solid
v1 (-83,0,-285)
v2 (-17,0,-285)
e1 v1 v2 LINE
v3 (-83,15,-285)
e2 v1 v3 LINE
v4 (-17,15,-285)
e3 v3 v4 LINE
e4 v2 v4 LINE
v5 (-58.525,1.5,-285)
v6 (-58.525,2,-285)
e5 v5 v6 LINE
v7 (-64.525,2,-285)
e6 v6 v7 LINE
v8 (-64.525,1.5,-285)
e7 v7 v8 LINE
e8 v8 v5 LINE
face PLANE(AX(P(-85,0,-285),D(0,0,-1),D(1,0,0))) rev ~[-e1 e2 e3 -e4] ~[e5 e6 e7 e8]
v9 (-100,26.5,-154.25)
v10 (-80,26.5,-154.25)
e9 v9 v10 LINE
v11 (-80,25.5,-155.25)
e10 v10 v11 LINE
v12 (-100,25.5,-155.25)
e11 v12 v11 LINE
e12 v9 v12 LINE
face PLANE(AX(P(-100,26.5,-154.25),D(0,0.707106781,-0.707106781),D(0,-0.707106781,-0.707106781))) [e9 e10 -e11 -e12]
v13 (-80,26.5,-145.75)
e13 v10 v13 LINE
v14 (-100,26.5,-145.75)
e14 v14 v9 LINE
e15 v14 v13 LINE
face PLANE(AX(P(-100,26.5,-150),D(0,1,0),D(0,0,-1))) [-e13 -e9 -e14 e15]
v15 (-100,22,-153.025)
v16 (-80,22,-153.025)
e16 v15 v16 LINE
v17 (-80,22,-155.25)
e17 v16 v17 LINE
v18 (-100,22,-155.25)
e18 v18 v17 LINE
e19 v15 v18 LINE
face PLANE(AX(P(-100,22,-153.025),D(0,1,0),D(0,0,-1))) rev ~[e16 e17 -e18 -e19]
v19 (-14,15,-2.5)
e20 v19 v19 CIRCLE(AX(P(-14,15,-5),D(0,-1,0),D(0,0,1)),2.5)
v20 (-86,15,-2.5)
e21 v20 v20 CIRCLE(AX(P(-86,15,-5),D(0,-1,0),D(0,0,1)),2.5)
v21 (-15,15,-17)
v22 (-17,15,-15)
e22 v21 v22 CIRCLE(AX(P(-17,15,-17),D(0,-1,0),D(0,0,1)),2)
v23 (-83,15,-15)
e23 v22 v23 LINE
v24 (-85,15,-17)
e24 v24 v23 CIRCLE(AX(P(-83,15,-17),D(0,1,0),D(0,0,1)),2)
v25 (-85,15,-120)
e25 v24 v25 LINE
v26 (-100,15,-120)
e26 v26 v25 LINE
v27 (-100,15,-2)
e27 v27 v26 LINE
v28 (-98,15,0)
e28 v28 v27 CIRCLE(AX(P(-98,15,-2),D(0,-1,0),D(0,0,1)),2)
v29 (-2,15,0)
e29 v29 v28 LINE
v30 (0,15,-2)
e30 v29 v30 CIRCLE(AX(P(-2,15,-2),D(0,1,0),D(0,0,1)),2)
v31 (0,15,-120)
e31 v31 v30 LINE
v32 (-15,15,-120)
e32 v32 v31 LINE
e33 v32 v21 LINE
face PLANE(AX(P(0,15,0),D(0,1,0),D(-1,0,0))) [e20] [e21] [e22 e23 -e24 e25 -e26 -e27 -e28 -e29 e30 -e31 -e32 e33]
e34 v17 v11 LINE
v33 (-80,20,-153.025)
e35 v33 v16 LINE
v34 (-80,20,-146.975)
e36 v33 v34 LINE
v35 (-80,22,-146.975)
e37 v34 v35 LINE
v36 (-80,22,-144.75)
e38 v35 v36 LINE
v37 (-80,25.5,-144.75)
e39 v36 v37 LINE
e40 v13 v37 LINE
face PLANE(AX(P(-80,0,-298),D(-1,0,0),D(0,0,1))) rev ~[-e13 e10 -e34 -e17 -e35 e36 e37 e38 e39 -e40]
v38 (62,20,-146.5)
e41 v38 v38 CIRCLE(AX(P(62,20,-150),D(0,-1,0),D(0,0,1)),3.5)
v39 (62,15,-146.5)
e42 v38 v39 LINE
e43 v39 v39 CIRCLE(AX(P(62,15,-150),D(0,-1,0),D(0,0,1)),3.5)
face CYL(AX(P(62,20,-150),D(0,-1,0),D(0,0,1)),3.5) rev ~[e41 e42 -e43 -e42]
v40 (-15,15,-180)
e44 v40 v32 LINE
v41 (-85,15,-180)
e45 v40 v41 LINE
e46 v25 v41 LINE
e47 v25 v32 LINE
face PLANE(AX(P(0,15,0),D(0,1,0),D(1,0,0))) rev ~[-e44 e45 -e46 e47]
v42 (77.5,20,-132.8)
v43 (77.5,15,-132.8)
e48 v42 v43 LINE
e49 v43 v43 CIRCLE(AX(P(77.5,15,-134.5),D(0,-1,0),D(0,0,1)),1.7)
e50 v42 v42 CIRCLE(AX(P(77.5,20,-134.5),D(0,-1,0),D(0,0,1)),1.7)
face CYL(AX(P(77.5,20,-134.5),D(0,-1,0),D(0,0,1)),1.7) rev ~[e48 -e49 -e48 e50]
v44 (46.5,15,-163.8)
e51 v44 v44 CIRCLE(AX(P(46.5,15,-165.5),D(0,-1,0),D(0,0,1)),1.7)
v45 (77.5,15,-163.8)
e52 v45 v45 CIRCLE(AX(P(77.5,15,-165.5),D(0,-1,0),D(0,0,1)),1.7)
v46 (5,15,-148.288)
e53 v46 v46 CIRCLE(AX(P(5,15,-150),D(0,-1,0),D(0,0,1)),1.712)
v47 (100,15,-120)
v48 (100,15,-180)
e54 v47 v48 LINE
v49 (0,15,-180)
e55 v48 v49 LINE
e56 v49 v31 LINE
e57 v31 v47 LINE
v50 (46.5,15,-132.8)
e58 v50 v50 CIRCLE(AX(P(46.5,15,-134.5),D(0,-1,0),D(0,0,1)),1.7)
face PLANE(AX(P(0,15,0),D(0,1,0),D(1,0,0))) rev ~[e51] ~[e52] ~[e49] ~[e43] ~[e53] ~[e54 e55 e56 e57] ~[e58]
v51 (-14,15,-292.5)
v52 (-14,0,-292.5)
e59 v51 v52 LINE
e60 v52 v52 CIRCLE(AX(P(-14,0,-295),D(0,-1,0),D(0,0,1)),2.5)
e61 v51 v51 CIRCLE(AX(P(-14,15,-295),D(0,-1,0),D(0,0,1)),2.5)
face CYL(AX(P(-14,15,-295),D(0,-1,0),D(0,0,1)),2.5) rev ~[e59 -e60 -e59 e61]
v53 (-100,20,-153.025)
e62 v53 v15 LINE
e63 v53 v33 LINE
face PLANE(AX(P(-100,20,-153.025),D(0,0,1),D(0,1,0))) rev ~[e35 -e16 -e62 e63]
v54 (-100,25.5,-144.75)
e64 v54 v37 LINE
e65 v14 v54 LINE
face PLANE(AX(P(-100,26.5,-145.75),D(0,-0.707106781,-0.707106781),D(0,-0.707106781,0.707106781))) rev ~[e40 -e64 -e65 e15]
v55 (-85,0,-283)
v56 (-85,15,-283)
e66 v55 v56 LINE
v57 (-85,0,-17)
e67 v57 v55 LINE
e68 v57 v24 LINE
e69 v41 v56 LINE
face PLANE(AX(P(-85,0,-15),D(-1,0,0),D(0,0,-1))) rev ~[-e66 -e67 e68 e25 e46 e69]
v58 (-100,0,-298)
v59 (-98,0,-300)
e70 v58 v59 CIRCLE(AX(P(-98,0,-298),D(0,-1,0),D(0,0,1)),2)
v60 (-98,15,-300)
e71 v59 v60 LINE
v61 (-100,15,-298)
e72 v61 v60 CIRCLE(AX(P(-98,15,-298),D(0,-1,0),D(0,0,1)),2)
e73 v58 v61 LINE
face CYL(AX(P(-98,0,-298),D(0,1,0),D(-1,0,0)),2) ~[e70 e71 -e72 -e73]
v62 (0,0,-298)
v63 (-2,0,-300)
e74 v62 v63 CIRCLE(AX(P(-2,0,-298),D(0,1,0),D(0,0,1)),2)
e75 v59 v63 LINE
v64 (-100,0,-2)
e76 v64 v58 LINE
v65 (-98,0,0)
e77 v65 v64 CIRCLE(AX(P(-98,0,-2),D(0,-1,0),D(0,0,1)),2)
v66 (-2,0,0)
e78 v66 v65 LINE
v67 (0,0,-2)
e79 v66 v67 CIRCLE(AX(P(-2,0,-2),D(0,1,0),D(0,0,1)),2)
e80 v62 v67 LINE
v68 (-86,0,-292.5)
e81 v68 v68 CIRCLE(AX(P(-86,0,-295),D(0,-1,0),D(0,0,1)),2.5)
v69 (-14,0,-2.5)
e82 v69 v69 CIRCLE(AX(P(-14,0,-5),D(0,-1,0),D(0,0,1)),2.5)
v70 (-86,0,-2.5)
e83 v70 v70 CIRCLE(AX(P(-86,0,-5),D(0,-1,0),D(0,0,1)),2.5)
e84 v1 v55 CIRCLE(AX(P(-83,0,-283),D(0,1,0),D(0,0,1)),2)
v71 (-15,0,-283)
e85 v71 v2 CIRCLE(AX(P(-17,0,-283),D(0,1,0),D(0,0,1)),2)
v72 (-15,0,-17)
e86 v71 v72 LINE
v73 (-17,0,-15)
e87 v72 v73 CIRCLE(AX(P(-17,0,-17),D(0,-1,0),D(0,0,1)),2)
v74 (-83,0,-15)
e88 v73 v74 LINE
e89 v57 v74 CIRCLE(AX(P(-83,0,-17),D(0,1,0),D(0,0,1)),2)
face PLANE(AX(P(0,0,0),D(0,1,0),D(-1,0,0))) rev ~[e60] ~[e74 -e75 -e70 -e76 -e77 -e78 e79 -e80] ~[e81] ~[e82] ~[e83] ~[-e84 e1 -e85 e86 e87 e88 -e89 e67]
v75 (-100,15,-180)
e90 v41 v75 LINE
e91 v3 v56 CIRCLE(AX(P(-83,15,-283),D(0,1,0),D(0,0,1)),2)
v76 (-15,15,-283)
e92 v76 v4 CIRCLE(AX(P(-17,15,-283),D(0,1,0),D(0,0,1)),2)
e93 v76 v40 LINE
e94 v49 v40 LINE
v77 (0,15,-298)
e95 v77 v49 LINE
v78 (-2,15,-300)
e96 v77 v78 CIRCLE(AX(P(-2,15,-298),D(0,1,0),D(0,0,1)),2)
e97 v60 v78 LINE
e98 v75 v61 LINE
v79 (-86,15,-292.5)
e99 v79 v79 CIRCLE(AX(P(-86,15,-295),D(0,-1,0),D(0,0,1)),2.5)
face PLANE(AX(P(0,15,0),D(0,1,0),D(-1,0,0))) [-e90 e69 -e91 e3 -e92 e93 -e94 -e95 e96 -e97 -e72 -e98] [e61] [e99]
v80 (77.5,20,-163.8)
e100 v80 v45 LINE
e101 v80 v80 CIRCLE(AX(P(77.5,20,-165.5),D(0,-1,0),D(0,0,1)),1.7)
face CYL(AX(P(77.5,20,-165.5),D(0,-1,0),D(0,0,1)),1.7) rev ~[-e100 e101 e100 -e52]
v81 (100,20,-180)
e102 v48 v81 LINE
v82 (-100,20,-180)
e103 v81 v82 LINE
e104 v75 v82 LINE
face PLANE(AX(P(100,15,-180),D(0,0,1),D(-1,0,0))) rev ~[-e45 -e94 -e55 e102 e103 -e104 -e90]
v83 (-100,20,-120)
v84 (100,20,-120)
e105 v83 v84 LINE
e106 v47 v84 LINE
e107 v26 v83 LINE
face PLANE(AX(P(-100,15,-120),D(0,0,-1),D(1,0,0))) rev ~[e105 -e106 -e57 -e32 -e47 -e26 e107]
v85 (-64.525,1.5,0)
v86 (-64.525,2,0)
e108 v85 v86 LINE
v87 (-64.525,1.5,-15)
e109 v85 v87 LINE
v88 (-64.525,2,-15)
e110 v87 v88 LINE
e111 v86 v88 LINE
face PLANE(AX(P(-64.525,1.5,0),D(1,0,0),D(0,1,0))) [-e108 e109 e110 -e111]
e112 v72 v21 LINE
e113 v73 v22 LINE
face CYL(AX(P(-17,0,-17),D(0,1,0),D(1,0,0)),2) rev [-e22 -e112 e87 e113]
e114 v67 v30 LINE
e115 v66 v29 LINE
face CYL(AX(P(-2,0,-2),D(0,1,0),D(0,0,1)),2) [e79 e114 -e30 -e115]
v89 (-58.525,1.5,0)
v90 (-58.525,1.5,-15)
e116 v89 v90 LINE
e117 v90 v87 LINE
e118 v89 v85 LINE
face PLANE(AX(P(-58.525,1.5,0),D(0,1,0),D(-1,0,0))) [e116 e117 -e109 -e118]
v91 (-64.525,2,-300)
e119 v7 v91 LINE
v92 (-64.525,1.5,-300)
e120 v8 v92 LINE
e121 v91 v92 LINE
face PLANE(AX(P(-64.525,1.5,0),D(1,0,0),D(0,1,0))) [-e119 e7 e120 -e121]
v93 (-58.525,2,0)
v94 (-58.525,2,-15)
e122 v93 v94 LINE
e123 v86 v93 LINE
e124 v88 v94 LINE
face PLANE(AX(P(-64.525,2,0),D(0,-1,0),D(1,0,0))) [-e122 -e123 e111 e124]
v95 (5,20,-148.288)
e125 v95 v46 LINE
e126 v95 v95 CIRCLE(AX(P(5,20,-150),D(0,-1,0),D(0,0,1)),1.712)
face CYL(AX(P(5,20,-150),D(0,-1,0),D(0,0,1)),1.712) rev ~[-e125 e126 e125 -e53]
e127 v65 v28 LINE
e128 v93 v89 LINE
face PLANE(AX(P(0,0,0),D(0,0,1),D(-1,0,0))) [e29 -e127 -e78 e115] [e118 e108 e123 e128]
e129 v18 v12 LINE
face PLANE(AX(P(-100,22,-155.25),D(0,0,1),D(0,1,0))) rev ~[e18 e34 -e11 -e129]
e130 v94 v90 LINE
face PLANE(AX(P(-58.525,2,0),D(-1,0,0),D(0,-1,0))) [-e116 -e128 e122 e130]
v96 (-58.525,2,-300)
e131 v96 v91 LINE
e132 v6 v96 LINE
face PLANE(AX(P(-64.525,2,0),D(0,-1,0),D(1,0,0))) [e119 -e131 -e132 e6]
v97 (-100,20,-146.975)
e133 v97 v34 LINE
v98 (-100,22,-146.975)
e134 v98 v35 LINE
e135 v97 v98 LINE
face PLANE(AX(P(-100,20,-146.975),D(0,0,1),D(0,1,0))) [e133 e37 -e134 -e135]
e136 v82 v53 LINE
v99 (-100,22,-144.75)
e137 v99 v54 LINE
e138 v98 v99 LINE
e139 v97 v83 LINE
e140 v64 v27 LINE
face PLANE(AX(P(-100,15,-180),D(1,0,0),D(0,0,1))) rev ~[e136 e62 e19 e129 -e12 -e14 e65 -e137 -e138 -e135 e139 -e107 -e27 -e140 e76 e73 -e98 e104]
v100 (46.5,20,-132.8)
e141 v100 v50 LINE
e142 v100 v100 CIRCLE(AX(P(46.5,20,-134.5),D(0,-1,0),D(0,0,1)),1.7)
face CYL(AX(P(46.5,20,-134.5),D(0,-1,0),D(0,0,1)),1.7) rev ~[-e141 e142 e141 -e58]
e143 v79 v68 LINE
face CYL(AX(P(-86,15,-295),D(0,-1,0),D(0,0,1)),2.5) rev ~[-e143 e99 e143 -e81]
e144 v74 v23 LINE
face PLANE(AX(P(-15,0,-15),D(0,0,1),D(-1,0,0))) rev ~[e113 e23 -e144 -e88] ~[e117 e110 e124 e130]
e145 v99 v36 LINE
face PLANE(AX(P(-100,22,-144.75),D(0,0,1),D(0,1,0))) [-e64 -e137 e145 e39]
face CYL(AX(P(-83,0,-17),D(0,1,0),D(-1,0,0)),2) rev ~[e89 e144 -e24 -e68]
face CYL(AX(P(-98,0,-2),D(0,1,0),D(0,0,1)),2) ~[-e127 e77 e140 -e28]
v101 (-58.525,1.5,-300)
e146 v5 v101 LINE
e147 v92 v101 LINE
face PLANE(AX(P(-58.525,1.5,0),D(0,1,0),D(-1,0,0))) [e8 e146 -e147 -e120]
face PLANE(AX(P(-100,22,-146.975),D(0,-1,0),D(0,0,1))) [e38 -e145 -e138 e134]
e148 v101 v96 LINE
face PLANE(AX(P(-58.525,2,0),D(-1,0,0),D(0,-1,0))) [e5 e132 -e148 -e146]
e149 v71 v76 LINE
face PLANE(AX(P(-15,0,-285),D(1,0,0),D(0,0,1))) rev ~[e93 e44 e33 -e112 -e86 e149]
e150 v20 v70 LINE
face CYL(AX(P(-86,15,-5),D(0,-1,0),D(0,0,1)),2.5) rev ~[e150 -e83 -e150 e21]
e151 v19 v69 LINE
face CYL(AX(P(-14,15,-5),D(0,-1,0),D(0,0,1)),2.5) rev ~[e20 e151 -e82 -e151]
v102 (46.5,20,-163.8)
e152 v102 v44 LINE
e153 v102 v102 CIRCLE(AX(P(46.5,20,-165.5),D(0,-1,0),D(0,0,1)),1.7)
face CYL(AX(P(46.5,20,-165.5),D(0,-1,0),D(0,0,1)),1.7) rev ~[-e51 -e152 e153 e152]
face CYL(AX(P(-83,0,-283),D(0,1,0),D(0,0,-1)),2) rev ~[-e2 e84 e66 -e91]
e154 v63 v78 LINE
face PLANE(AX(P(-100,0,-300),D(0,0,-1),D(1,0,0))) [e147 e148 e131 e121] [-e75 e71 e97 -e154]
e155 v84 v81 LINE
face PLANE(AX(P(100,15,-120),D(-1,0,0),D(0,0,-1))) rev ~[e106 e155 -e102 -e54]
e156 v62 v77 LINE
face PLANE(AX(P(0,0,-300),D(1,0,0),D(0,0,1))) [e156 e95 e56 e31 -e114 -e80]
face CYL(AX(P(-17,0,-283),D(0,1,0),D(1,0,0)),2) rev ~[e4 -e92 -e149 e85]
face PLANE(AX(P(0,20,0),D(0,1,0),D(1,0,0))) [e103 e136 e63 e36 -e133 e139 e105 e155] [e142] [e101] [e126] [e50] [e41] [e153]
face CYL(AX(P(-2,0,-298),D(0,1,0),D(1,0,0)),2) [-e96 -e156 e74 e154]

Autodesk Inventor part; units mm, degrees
ref_plane "YZ Plane" through (0, 0, 0) normal (1, 0, 0) x (0, 1, 0)
ref_plane "XZ Plane" through (0, 0, 0) normal (0, 1, 0) x (-1, 0, 0)
ref_plane "XY Plane" through (0, 0, 0) normal (0, 0, 1) x (1, 0, 0)
sketch "Szkic1" plane through (0, 0, 0) normal (0, 1, 0) x (-1, 0, 0)
  line L0 (0, 0) -> (100, 0)
  line L1 (100, 0) -> (100, -300)
  line L2 (100, -300) -> (0, -300)
  line L3 (0, -300) -> (0, 0)
  dimension "d0" = 300
  dimension "d1" = 100
sketch "Szkic2" plane through (0, 0, 0) normal (0, 1, 0) x (-1, 0, 0)
  line L0 (15, -15) -> (85, -15)
  line L1 (85, -15) -> (85, -285)
  line L2 (85, -285) -> (15, -285)
  line L3 (15, -285) -> (15, -15)
  point P0 (0, 0)
  dimension "d2" = 70
  dimension "d3" = 270
  dimension "d4" = 15
  dimension "d5" = 15
extrude "Wyciągnięcie proste1" add sketch "Szkic1" along normal blind 15
extrude "Wyciągnięcie proste2" cut sketch "Szkic2" along normal blind 15
fillet "Zaokrąglenie1" radius 2 8 edges at (-85, 7.5, -285) (-15, 7.5, -285) (-15, 7.5, -15) (-85, 7.5, -15) (-100, 7.5, 0) (-100, 7.5, -300) (0, 7.5, -300) (0, 7.5, 0)
sketch "Szkic3" plane through (0, 15, 0) normal (0, 1, 0) x (1, 0, 0)
  line L0 (0, 2) -> (0, 298) projected
  line L1 (-2, 300) -> (-98, 300) projected
  line L2 (-98, 0) -> (-2, 0) projected
  line L3 (-100, 298) -> (-100, 2) projected
  line L4 (-85, 17) -> (-85, 283) projected
  point P0 (0, 0)
  point P1 (-14, 295)
  point P2 (-14, 5)
  point P3 (-86, 295)
  point P4 (-86, 5)
  point P5 (-30, 100)
  point P6 (-100, 30)
  dimension "d12" = 5
  dimension "d13" = 5
  dimension "d14" = 5
  dimension "d18" = 5
  dimension "d32" = 14
  dimension "d33" = 14
  dimension "d34" = 14
  dimension "d35" = 14
hole "Otwór1" at (-14, 15, -295) at (-14, 15, -5) at (-86, 15, -295) at (-86, 15, -5) direction (0, -1, 0) diameter 5 depth 15
sketch "Szkic4" plane through (0, 15, 0) normal (0, 1, 0) x (1, 0, 0)
  line L0 (-100, 298) -> (-100, 2) projected
  line L1 (-100, 120) -> (100, 120)
  line L2 (100, 120) -> (100, 180)
  line L3 (100, 180) -> (-100, 180)
  line L4 (-100, 180) -> (-100, 120)
  line L5 (-98, 0) -> (-2, 0) projected
  point P0 (0, 0)
  point P1 (-100, 180)
  point P2 (-100, 30)
  dimension "d26" = 60
  dimension "d29" = 120
  dimension "d30" = 200
extrude "Wyciągnięcie proste3" add sketch "Szkic4" along normal blind 5
sketch "Szkic5" plane through (-100, 0, -298) normal (-1, 0, 0) x (0, 0, 1)
  line L0 (148, 20) -> (144.975, 20)
  line L1 (118, 20) -> (178, 20) projected
  line L2 (144.975, 20) -> (144.975, 22)
  line L3 (144.975, 22) -> (142.75, 22)
  line L4 (142.75, 22) -> (142.75, 25.5)
  line L5 (148, 26.5) -> (143.75, 26.5)
  line L6 (143.75, 26.5) -> (142.75, 25.5)
  line L7 (148, 20) -> (151.025, 20)
  line L8 (151.025, 20) -> (151.025, 22)
  line L9 (151.025, 22) -> (153.25, 22)
  line L10 (153.25, 22) -> (153.25, 25.5)
  line L11 (148, 26.5) -> (152.25, 26.5)
  line L12 (152.25, 26.5) -> (153.25, 25.5)
  line L13 (-2, 0) -> (-2, 15) projected
  point P0 (298, 0)
  point P1 (151.025, 20)
  dimension "d36" = 3.025
  dimension "d37" = 2
  dimension "d38" = 2.225
  dimension "d39" = 3.5
  dimension "d40" = 6.5
  dimension "d41" = 4.25
  dimension "d71" = 150
extrude "Wyciągnięcie proste4" add sketch "Szkic5" against normal blind 20
sketch "Szkic6" plane through (0, 20, 0) normal (0, 1, 0) x (1, 0, 0)
  line L0 (0, 2) -> (0, 120) projected
  line L1 (-100, 120) -> (100, 120) projected
  point P0 (0, 0)
  point P1 (5, 150)
  dimension "d51" = 5
  dimension "d69" = 30
hole "Otwór2" at (5, 20, -150) direction (0, -1, 0) diameter 3.424 end through all
sketch "Szkic7" plane through (0, 20, 0) normal (0, 1, 0) x (1, 0, 0)
  circle A0 centre (5, 150) radius 1.712 projected
  line L0 (-100, 120) -> (100, 120) projected
  point P0 (0, 0)
  point P1 (62, 150)
  dimension "d52" = 57
  dimension "d70" = 30
hole "Otwór3" at (62, 20, -150) direction (0, -1, 0) diameter 7 end through all
sketch "Szkic8" plane through (0, 20, 0) normal (0, 1, 0) x (1, 0, 0)
  circle A0 centre (62, 150) radius 3.5 projected
  line L0 (46.5, 134.5) -> (77.5, 165.5) construction
  line L1 (77.5, 134.5) -> (46.5, 165.5) construction
  point P0 (0, 0)
  dimension "d60" = 31
  dimension "d61" = 31
hole "Otwór4" at (46.5, 20, -165.5) at (77.5, 20, -165.5) at (77.5, 20, -134.5) at (46.5, 20, -134.5) direction (0, -1, 0) diameter 3.4 end through all clearance for "Śruba ze łbem stożkowym ISO 2009/7046" size "M3" standard "ISO"
sketch "Szkic9" plane through (-98, 0, 0) normal (0, 0, 1) x (1, 0, 0)
  line L0 (33.475, 2) -> (39.475, 2)
  line L1 (39.475, 2) -> (39.475, 1.5)
  line L2 (39.475, 1.5) -> (33.475, 1.5)
  line L3 (33.475, 1.5) -> (33.475, 2)
  line L4 (98, 0) -> (98, 15) projected
  line L5 (0, 0) -> (96, 0) projected
  line L6 (-2, 15) -> (-2, 0) projected
  point P0 (33.475, 1.75)
  dimension "d72" = 6
  dimension "d73" = 0.5
  dimension "d75" = 1.5
  dimension "d78" = 35.475
extrude "Wyciągnięcie proste5" cut sketch "Szkic9" against normal through all
equation "\"d13\" = d12"
equation "\"d14\" = d12"
equation "\"d18\" = d12"
equation "\"d33\" = d32"
equation "\"d34\" = d32"
equation "\"d35\" = d32"
properties part number "podstawka_prowadzaca"
